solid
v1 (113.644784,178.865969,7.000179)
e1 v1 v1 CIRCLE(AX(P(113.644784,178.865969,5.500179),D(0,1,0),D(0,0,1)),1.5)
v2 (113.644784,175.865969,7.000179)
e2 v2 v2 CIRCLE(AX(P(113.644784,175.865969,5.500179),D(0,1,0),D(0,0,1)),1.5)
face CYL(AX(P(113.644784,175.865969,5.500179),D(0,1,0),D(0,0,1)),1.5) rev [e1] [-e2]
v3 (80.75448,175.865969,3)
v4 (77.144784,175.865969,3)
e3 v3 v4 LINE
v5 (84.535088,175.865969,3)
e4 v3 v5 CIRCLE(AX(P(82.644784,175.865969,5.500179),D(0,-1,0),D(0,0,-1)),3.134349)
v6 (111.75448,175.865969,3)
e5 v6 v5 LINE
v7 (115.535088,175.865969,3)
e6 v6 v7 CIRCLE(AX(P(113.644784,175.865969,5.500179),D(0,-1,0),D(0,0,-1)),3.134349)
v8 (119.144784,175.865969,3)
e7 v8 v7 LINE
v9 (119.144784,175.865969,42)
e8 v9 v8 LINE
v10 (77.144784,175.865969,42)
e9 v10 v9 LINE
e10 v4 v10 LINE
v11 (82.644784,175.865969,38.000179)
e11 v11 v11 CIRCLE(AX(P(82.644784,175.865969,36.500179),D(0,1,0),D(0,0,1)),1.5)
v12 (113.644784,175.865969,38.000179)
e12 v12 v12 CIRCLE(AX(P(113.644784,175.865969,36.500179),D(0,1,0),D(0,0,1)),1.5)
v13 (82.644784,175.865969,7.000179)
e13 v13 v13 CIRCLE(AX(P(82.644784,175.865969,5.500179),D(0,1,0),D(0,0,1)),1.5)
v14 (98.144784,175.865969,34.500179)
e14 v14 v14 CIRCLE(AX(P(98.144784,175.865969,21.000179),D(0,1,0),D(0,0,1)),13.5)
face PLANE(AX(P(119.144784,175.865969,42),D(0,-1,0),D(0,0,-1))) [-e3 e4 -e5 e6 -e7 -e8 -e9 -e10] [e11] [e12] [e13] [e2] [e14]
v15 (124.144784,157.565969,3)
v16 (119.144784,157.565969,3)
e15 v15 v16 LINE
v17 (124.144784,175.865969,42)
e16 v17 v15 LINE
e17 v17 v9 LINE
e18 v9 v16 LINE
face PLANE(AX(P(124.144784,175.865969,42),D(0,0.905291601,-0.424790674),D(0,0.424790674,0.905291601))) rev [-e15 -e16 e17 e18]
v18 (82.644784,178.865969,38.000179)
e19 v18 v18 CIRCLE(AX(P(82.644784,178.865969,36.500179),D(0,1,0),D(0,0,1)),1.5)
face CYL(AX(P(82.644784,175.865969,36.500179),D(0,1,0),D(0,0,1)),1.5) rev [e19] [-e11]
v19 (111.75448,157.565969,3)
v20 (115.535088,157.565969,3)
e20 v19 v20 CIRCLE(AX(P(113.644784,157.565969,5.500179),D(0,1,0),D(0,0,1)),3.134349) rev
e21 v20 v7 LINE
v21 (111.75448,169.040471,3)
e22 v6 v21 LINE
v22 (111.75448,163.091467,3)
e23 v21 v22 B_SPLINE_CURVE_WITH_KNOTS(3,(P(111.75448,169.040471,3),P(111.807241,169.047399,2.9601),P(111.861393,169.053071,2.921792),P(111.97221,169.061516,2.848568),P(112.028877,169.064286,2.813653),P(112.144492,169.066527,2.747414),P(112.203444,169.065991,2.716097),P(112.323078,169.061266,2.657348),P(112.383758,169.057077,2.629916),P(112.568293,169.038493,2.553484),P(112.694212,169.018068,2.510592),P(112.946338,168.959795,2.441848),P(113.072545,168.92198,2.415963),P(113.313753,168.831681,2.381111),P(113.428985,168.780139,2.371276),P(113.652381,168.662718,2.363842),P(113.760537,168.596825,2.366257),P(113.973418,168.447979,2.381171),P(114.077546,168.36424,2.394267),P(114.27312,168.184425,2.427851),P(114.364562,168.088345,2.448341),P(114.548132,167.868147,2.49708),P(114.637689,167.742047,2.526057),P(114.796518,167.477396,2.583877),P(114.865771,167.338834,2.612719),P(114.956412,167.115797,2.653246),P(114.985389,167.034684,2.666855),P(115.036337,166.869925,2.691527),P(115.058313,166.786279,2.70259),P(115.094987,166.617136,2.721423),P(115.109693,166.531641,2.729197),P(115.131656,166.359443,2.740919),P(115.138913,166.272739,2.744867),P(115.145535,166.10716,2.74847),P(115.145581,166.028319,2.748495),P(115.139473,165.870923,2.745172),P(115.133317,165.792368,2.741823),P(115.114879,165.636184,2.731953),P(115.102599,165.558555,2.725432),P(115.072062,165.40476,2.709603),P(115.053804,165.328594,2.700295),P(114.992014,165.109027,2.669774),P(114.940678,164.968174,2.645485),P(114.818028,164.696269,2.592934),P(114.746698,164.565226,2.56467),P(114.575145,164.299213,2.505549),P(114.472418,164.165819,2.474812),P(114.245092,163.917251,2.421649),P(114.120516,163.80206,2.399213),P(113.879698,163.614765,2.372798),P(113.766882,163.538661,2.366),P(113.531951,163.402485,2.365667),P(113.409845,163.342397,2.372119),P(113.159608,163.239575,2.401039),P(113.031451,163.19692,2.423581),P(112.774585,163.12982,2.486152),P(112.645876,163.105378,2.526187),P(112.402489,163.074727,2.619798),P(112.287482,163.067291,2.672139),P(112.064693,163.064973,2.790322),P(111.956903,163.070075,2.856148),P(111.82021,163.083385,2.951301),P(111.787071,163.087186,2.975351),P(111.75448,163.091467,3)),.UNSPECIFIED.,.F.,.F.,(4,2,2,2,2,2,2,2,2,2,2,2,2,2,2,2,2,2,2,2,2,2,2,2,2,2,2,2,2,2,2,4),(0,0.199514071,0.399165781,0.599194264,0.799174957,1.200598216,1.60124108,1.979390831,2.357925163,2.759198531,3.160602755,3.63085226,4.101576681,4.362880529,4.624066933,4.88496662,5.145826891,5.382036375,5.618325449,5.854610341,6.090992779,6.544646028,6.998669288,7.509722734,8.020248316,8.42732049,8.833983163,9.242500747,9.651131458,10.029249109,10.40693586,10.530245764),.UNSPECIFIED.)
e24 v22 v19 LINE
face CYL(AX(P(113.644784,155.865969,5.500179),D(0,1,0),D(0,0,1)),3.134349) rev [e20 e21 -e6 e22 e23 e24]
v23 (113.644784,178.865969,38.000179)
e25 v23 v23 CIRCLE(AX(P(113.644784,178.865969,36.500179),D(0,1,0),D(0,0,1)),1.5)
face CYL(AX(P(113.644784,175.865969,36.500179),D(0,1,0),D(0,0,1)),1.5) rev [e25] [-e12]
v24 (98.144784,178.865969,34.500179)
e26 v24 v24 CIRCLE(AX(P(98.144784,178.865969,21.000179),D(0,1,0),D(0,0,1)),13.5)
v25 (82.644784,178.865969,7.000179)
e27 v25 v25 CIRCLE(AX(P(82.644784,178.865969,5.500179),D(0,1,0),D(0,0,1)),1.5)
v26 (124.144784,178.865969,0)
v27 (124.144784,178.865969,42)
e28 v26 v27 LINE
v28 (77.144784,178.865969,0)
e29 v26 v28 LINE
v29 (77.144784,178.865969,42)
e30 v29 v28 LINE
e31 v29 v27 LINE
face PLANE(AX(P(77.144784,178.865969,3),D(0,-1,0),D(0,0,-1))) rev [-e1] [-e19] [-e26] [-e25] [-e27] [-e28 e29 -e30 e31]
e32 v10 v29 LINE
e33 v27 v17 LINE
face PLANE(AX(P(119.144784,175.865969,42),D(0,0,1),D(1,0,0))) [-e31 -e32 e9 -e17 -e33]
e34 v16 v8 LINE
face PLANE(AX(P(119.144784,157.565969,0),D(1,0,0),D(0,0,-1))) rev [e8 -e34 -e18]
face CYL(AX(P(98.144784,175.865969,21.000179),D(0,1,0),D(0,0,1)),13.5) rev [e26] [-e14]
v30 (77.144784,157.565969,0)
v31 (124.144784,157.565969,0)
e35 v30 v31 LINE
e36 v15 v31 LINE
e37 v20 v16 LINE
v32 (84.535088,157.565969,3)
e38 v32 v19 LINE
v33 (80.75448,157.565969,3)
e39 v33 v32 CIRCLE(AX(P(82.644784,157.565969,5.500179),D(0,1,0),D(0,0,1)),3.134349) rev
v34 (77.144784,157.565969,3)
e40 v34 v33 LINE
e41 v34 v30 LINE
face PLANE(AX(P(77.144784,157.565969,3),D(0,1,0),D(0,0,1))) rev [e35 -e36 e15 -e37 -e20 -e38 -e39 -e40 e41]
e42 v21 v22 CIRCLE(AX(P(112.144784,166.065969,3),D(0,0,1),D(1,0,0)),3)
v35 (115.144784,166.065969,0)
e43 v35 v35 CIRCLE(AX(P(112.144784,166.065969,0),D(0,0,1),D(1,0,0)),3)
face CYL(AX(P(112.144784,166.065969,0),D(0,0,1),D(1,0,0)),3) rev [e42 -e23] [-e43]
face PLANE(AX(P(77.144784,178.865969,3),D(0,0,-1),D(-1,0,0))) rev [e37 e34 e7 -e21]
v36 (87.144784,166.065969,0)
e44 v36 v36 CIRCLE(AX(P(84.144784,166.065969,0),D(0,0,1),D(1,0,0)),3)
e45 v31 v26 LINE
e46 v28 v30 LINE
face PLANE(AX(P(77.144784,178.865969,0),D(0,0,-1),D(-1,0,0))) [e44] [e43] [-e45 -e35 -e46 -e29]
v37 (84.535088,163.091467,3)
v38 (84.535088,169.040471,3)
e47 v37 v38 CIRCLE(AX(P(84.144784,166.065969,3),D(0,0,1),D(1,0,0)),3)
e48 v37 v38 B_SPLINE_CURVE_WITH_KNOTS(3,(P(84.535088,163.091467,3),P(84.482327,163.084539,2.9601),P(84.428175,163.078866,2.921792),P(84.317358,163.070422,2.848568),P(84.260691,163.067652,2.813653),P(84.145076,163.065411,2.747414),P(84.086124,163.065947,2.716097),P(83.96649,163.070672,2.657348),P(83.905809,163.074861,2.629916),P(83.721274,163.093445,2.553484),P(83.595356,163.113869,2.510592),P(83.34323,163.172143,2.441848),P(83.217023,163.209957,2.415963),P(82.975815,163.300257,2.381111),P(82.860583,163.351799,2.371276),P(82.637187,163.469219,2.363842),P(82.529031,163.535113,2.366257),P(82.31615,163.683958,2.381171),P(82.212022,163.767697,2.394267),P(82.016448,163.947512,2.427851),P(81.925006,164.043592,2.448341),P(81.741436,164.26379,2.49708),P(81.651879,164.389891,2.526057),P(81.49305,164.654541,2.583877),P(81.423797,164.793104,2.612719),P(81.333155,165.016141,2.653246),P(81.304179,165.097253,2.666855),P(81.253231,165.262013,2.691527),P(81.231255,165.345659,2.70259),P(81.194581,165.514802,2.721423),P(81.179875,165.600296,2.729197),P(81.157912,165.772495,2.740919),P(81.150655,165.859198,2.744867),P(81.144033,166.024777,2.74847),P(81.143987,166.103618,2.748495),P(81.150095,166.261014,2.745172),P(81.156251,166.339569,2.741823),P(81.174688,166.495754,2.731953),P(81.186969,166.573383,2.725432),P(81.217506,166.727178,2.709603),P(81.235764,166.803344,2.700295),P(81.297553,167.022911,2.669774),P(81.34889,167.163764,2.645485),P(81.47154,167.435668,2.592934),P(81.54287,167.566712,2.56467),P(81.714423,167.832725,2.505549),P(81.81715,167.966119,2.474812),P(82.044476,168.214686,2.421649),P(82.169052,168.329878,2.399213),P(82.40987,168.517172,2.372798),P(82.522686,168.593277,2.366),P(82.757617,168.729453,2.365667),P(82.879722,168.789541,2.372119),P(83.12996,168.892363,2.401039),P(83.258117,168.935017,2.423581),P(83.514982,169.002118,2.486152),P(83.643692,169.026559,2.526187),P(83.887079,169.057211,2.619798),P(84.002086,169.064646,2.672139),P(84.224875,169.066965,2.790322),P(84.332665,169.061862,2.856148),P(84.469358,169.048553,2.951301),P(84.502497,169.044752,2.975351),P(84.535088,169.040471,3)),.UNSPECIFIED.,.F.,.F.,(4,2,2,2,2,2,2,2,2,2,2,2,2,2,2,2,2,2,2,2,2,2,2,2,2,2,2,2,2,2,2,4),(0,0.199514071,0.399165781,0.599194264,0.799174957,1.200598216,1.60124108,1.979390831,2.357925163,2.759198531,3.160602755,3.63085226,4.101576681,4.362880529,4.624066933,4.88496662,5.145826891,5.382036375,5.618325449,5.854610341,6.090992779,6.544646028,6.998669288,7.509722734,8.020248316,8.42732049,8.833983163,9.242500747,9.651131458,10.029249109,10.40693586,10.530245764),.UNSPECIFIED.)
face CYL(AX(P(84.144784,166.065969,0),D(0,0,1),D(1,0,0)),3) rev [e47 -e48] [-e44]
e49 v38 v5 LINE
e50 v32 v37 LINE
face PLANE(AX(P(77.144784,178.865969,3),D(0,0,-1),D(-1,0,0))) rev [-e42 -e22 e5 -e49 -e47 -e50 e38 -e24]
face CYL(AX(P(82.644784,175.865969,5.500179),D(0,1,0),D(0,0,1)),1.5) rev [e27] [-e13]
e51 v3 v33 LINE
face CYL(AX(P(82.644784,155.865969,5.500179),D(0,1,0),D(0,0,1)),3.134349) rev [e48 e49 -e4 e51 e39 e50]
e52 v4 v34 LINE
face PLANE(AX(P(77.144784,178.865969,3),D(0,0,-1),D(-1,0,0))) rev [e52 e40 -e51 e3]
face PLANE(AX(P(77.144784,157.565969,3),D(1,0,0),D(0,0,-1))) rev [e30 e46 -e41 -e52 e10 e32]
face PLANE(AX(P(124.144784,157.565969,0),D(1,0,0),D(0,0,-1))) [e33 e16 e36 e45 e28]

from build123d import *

# Parameters (mm, degrees)
SKETCH1_W           = 42
SKETCH1_H           = 21.3
BOSS_EXTRUDE1_DEPTH = 3
SKETCH2_R           = 3
CUT_EXTRUDE1_DEPTH  = 3
SKETCH4_W           = 42
SKETCH4_H           = 42
SKETCH4_R           = 1.5
SKETCH4_R_2         = 13.5
BOSS_EXTRUDE2_DEPTH = 3
BOSS_EXTRUDE3_DEPTH = 5
SKETCH6_R           = 3.134349401
CUT_EXTRUDE2_DEPTH  = 20


with BuildPart() as part:
    # Sketch1 → Boss-Extrude1 (new body)
    with BuildSketch(Plane.XY):
        with Locations((98.144783915, 168.215968794)):
            Rectangle(SKETCH1_W, SKETCH1_H)
    extrude(amount=BOSS_EXTRUDE1_DEPTH)

    # Sketch2 → Cut-Extrude1 (cut)
    with BuildSketch(Plane.XY.offset(3)):
        with Locations((112.144783915, 166.065968794)):
            Circle(SKETCH2_R)
        with Locations((84.144783915, 166.065968794)):
            Circle(SKETCH2_R)
    extrude(amount=-CUT_EXTRUDE1_DEPTH, mode=Mode.SUBTRACT)

    # Sketch4 → Boss-Extrude2 (add)
    with BuildSketch(Plane(origin=(0, 178.865968794, 0), x_dir=(-1, 0, 0), z_dir=(0, 1, 0))):
        with Locations((-98.144783915, 21)):
            Rectangle(SKETCH4_W, SKETCH4_H)
        with Locations((-113.644783915, 36.500179206)):
            Circle(SKETCH4_R, mode=Mode.SUBTRACT)
        with Locations((-82.644783915, 36.500179206)):
            Circle(SKETCH4_R, mode=Mode.SUBTRACT)
        with Locations((-82.644783915, 5.500179206)):
            Circle(SKETCH4_R, mode=Mode.SUBTRACT)
        with Locations((-113.644783915, 5.500179206)):
            Circle(SKETCH4_R, mode=Mode.SUBTRACT)
        with Locations((-98.144783915, 21.000179206)):
            Circle(SKETCH4_R_2, mode=Mode.SUBTRACT)
    extrude(amount=-BOSS_EXTRUDE2_DEPTH)

    # Sketch5 → Boss-Extrude3 (add)
    with BuildSketch(Plane(origin=(119.144783915, 0, 0), x_dir=(0, 0, -1), z_dir=(1, 0, 0))):
        Polygon((0, 157.565968794), (0, 178.865968794), (-42, 178.865968794), (-42, 175.865968794), (-3, 157.565968794), align=None)
    extrude(amount=BOSS_EXTRUDE3_DEPTH)

    # Sketch6 → Cut-Extrude2 (cut)
    with BuildSketch(Plane.XZ.offset(-175.865968794)):
        with Locations((82.644783915, 5.500179206)):
            Circle(SKETCH6_R)
        with Locations((113.644783915, 5.500179206)):
            Circle(SKETCH6_R)
    extrude(amount=CUT_EXTRUDE2_DEPTH, mode=Mode.SUBTRACT)


solid = part.part
